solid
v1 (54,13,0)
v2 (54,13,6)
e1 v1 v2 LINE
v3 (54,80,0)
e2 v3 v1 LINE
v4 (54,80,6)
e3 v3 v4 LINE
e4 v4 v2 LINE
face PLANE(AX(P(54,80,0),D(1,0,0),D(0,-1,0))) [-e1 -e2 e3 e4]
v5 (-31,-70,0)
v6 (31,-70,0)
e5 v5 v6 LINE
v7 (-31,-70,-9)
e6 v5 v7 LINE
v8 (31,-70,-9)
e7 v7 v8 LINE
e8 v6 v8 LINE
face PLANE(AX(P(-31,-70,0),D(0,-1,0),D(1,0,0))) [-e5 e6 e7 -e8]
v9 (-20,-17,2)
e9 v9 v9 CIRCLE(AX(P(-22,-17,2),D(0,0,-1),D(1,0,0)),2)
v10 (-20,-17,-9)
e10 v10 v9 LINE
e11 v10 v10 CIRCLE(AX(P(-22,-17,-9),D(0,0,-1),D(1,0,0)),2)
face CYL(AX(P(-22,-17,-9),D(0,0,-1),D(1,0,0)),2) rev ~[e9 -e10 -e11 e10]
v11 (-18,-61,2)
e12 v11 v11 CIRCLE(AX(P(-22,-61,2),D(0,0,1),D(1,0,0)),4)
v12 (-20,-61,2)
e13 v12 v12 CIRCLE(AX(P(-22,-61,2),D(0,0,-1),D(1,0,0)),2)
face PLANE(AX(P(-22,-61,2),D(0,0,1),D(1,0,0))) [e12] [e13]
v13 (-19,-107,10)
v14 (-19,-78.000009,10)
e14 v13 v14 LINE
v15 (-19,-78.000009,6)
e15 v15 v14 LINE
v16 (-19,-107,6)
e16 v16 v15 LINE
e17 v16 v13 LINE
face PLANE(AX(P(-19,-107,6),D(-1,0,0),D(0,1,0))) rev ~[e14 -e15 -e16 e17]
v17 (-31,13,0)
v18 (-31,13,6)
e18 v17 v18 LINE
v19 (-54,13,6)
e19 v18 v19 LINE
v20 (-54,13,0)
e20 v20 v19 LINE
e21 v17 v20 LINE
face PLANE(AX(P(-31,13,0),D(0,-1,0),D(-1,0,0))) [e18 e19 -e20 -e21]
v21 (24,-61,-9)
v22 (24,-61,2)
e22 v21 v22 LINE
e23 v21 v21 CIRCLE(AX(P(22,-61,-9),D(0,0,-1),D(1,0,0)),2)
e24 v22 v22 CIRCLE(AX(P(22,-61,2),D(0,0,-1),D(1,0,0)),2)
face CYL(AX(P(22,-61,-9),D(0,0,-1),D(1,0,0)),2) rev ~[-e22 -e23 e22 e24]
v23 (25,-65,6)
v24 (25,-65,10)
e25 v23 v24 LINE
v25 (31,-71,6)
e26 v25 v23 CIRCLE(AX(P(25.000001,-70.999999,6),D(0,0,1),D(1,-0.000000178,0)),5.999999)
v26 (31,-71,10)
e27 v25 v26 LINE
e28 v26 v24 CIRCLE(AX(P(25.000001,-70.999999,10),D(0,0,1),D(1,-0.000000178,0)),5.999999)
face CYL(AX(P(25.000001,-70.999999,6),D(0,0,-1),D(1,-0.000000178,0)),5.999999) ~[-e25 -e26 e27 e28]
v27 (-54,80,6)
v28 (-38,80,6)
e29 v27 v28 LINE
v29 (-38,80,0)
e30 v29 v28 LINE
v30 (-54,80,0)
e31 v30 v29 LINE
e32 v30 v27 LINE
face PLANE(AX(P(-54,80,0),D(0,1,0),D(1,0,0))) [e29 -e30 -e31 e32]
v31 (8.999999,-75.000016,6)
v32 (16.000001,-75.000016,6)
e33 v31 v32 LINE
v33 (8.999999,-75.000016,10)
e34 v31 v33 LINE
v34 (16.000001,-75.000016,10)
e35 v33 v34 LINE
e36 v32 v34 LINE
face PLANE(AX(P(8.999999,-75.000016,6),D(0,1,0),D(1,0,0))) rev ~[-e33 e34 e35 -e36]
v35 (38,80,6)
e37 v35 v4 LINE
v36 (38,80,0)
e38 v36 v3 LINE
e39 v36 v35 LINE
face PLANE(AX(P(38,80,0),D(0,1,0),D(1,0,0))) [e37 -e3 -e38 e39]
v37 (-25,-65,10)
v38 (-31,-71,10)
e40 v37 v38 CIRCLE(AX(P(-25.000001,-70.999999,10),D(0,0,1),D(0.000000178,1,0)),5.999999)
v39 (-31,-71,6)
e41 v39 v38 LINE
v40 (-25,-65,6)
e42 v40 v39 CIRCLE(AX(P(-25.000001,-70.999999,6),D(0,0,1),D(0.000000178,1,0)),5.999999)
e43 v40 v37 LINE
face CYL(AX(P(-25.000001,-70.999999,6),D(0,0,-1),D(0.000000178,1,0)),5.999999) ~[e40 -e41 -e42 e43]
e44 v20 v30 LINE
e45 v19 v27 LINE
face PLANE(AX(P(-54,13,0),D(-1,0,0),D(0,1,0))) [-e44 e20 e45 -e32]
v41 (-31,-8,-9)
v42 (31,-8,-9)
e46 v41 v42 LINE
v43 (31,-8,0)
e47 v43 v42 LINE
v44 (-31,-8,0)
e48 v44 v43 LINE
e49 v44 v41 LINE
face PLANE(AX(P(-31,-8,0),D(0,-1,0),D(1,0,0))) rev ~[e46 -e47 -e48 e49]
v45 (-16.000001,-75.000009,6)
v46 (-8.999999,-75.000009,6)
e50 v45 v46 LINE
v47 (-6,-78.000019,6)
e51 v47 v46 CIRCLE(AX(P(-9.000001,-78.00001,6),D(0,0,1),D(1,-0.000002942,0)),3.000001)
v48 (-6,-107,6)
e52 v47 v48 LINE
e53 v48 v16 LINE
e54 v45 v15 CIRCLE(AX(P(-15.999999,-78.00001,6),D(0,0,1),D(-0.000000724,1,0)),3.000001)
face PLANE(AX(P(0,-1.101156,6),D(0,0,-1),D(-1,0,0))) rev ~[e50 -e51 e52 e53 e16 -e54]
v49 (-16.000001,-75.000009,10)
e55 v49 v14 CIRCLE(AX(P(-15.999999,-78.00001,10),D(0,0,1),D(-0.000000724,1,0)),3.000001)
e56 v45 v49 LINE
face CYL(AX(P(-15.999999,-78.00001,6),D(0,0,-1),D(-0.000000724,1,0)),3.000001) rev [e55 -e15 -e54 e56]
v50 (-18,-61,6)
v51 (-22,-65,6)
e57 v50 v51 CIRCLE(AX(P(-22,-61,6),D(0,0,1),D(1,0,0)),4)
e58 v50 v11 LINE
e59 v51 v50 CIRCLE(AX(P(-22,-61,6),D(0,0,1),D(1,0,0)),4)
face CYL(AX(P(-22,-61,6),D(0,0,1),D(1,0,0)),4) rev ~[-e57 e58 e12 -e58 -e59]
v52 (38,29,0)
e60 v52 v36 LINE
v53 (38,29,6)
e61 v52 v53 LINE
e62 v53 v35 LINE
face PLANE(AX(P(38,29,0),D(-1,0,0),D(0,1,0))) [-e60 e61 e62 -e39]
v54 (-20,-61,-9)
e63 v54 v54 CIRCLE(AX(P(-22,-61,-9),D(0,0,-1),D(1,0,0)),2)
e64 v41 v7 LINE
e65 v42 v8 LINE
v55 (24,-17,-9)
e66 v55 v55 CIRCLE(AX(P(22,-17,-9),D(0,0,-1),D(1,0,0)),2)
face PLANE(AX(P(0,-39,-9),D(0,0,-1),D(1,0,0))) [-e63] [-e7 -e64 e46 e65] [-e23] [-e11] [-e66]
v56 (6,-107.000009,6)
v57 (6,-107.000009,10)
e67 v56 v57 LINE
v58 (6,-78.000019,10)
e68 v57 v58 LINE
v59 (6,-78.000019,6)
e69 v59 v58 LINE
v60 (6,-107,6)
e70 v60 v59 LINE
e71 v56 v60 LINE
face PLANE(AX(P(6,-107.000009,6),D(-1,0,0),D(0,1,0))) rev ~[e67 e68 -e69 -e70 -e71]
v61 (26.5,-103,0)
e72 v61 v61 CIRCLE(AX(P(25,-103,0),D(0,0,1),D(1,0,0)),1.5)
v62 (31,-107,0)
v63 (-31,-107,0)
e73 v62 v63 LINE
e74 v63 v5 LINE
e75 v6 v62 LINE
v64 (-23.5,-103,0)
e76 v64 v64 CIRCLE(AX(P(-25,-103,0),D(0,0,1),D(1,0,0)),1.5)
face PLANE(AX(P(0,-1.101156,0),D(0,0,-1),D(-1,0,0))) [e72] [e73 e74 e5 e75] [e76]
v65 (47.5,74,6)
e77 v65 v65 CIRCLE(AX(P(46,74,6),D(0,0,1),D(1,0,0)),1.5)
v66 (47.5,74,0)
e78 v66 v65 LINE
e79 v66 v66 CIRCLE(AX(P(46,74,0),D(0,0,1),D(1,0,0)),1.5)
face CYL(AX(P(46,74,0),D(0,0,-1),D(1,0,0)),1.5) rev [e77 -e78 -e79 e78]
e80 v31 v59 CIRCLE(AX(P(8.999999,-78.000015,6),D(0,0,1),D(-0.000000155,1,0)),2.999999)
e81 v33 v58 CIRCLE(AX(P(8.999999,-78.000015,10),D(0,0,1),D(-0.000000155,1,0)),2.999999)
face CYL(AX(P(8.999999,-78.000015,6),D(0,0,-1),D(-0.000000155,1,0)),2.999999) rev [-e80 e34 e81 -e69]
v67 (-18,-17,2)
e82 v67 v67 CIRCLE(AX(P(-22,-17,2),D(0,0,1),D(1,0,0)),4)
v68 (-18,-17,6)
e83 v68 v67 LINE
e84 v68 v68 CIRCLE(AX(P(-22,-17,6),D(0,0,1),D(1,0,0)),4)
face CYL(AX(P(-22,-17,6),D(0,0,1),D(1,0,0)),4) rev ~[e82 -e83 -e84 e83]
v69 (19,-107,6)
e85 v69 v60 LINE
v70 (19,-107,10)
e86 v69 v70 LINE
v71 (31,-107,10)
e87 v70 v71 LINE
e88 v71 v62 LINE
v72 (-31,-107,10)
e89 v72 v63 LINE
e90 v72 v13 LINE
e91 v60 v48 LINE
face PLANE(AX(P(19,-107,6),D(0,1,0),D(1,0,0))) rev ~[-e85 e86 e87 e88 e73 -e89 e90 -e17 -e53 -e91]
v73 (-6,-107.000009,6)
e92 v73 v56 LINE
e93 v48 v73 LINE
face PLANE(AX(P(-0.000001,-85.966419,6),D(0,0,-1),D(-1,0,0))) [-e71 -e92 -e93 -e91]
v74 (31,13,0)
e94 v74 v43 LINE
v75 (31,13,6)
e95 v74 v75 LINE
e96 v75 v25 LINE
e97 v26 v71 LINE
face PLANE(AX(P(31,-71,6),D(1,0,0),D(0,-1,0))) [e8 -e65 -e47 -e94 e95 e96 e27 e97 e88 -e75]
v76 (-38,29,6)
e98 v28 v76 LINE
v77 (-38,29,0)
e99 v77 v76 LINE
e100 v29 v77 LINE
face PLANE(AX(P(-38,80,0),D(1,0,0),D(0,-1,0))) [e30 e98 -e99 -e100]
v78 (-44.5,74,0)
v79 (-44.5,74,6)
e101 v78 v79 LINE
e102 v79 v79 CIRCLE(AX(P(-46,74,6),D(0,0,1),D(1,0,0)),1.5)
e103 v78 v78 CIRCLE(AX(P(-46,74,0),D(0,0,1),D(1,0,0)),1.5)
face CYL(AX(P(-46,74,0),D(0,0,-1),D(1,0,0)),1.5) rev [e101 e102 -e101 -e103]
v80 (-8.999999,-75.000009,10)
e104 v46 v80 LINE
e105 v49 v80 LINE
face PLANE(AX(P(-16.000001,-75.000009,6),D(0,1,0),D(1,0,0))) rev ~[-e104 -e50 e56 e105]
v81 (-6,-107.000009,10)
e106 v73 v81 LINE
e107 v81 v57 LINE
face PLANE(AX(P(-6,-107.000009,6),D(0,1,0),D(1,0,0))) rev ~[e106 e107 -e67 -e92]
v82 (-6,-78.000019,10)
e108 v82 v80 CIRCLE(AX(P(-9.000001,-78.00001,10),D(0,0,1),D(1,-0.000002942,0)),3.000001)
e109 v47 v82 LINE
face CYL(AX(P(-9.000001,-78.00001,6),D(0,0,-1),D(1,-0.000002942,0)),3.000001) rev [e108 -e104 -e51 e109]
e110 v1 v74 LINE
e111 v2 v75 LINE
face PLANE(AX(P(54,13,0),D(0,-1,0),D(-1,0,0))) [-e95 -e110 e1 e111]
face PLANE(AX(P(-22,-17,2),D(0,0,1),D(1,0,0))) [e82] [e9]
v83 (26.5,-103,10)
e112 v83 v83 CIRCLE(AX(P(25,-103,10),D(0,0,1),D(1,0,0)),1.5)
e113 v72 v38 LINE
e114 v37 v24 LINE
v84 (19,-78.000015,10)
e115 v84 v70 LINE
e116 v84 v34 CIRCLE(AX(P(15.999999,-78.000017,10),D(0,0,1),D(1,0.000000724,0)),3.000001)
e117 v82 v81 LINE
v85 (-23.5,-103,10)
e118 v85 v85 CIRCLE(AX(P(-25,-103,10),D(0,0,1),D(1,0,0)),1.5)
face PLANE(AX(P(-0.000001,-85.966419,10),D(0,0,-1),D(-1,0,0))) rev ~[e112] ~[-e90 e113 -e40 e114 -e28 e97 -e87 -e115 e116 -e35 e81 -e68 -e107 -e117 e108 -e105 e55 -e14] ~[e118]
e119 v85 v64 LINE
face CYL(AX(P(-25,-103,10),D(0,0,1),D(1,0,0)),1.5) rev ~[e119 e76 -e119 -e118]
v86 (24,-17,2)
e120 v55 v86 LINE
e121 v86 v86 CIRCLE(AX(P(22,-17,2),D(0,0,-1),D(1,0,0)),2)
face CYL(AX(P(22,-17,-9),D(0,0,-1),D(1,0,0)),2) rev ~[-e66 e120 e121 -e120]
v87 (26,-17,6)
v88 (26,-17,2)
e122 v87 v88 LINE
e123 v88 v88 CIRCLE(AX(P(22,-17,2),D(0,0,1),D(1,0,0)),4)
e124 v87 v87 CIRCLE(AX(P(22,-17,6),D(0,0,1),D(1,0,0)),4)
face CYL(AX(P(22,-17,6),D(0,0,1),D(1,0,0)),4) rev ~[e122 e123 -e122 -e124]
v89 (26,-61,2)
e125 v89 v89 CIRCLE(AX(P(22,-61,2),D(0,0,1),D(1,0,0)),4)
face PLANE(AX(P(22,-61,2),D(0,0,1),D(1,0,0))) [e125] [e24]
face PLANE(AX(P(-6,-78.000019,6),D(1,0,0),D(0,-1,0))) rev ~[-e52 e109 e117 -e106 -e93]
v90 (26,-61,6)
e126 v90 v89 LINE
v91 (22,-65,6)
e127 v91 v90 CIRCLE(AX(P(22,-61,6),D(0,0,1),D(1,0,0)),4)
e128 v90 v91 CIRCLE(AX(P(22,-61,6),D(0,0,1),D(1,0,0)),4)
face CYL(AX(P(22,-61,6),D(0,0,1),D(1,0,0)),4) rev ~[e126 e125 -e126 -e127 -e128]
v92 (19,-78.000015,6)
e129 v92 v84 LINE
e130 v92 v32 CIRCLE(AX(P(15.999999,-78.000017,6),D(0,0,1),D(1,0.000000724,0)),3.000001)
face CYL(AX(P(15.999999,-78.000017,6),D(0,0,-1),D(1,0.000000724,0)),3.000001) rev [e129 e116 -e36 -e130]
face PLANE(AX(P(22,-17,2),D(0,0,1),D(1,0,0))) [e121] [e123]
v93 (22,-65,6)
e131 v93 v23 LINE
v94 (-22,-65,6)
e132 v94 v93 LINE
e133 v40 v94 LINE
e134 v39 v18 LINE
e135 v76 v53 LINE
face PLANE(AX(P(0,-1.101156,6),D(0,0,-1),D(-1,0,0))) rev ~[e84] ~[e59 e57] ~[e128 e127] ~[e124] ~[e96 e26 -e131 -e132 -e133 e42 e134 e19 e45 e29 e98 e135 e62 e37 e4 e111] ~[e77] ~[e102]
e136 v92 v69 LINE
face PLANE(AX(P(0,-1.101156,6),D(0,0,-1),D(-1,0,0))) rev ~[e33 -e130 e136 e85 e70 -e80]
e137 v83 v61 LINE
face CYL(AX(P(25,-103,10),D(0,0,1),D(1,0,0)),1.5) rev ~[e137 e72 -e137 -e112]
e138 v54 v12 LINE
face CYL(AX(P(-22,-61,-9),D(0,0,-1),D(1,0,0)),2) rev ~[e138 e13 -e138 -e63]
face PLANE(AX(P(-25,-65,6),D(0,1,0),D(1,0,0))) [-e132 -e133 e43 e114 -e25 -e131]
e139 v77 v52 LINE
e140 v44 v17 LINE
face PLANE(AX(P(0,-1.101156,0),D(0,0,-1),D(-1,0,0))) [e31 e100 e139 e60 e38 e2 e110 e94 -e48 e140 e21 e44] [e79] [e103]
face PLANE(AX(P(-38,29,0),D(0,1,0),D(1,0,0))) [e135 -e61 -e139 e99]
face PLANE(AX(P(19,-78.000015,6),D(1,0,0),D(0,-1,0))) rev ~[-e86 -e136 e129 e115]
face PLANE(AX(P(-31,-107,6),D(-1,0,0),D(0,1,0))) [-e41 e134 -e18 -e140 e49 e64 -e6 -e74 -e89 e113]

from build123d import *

# Parameters (mm, degrees)
SKETCH_R        = 1.5
PAD_DEPTH       = 6
PAD001_DEPTH    = 4
SKETCH002_R     = 1.5
POCKET_DEPTH    = 10
SKETCH003_W     = 62
SKETCH003_H     = 62
PAD002_DEPTH    = 9
SKETCH004_R     = 2
POCKET001_DEPTH = 15
SKETCH005_R     = 4
POCKET002_DEPTH = 4


with BuildPart() as part:
    # Sketch → Pad (new body)
    with BuildSketch(Plane.XY):
        Polygon((-38, 29), (38, 29), (38, 80), (54, 80), (54, 13), (31, 13), (31, -107), (-31, -107), (-31, 13), (-54, 13), (-54, 80), (-38, 80), align=None)
        with Locations((46, 74)):
            Circle(SKETCH_R, mode=Mode.SUBTRACT)
        with Locations((-46, 74)):
            Circle(SKETCH_R, mode=Mode.SUBTRACT)
    extrude(amount=PAD_DEPTH)

    # Sketch001 (on Face16 of Pad) → Pad001 (join)
    with BuildSketch(Plane.XY.offset(6)):
        with BuildLine():
            Line((31, -71), (31, -107))
            Line((19, -107), (31, -107))
            Line((19, -78.000015), (19, -107))
            ThreePointArc((19, -78.000015), (18.12132, -75.878696), (16.000001, -75.000016))
            Line((8.999999, -75.000016), (16.000001, -75.000016))
            ThreePointArc((8.999999, -75.000016), (6.878678, -75.878697), (6, -78.000019))
            Line((6, -107.000009), (6, -78.000019))
            Line((-6, -107.000009), (6, -107.000009))
            Line((-6, -78.000019), (-6, -107.000009))
            ThreePointArc((-6, -78.000019), (-6.878676, -75.878693), (-8.999999, -75.000009))
            Line((-16.000001, -75.000009), (-8.999999, -75.000009))
            ThreePointArc((-16.000001, -75.000009), (-18.12132, -75.878689), (-19, -78.000009))
            Line((-19, -107), (-19, -78.000009))
            Line((-31, -107), (-19, -107))
            Line((-31, -107), (-31, -71))
            ThreePointArc((-25, -65), (-29.242641, -66.757359), (-31, -71))
            Line((-25, -65), (25, -65))
            ThreePointArc((31, -71), (29.242641, -66.757359), (25, -65))
        make_face()
    extrude(amount=PAD001_DEPTH)

    # Sketch002 (on Face27 of Pad001) → Pocket (cut)
    with BuildSketch(Plane.XY.offset(10)):
        with Locations((-25, -103)):
            Circle(SKETCH002_R)
        with Locations((25, -103)):
            Circle(SKETCH002_R)
    extrude(amount=-POCKET_DEPTH, mode=Mode.SUBTRACT)

    # Sketch003 (on Face4 of Pocket) → Pad002 (join)
    with BuildSketch(Plane(origin=(0, 0, 0), x_dir=(1, 0, 0), z_dir=(0, 0, -1))):
        with Locations((0, 39)):
            Rectangle(SKETCH003_W, SKETCH003_H)
    extrude(amount=PAD002_DEPTH)

    # Sketch004 (on Face25 of Pad002) → Pocket001 (cut)
    with BuildSketch(Plane(origin=(0, 0, -9), x_dir=(1, 0, 0), z_dir=(0, 0, -1))):
        with Locations((-22, 61)):
            Circle(SKETCH004_R)
        with Locations((22, 61)):
            Circle(SKETCH004_R)
        with Locations((22, 17)):
            Circle(SKETCH004_R)
        with Locations((-22, 17)):
            Circle(SKETCH004_R)
    extrude(amount=-POCKET001_DEPTH, mode=Mode.SUBTRACT)

    # Sketch005 (on Face5 of Pocket001) → Pocket002 (cut)
    with BuildSketch(Plane.XY.offset(6)):
        with Locations((-22, -61)):
            Circle(SKETCH005_R)
        with Locations((22, -61)):
            Circle(SKETCH005_R)
        with Locations((22, -17)):
            Circle(SKETCH005_R)
        with Locations((-22, -17)):
            Circle(SKETCH005_R)
    extrude(amount=-POCKET002_DEPTH, mode=Mode.SUBTRACT)


solid = part.part
